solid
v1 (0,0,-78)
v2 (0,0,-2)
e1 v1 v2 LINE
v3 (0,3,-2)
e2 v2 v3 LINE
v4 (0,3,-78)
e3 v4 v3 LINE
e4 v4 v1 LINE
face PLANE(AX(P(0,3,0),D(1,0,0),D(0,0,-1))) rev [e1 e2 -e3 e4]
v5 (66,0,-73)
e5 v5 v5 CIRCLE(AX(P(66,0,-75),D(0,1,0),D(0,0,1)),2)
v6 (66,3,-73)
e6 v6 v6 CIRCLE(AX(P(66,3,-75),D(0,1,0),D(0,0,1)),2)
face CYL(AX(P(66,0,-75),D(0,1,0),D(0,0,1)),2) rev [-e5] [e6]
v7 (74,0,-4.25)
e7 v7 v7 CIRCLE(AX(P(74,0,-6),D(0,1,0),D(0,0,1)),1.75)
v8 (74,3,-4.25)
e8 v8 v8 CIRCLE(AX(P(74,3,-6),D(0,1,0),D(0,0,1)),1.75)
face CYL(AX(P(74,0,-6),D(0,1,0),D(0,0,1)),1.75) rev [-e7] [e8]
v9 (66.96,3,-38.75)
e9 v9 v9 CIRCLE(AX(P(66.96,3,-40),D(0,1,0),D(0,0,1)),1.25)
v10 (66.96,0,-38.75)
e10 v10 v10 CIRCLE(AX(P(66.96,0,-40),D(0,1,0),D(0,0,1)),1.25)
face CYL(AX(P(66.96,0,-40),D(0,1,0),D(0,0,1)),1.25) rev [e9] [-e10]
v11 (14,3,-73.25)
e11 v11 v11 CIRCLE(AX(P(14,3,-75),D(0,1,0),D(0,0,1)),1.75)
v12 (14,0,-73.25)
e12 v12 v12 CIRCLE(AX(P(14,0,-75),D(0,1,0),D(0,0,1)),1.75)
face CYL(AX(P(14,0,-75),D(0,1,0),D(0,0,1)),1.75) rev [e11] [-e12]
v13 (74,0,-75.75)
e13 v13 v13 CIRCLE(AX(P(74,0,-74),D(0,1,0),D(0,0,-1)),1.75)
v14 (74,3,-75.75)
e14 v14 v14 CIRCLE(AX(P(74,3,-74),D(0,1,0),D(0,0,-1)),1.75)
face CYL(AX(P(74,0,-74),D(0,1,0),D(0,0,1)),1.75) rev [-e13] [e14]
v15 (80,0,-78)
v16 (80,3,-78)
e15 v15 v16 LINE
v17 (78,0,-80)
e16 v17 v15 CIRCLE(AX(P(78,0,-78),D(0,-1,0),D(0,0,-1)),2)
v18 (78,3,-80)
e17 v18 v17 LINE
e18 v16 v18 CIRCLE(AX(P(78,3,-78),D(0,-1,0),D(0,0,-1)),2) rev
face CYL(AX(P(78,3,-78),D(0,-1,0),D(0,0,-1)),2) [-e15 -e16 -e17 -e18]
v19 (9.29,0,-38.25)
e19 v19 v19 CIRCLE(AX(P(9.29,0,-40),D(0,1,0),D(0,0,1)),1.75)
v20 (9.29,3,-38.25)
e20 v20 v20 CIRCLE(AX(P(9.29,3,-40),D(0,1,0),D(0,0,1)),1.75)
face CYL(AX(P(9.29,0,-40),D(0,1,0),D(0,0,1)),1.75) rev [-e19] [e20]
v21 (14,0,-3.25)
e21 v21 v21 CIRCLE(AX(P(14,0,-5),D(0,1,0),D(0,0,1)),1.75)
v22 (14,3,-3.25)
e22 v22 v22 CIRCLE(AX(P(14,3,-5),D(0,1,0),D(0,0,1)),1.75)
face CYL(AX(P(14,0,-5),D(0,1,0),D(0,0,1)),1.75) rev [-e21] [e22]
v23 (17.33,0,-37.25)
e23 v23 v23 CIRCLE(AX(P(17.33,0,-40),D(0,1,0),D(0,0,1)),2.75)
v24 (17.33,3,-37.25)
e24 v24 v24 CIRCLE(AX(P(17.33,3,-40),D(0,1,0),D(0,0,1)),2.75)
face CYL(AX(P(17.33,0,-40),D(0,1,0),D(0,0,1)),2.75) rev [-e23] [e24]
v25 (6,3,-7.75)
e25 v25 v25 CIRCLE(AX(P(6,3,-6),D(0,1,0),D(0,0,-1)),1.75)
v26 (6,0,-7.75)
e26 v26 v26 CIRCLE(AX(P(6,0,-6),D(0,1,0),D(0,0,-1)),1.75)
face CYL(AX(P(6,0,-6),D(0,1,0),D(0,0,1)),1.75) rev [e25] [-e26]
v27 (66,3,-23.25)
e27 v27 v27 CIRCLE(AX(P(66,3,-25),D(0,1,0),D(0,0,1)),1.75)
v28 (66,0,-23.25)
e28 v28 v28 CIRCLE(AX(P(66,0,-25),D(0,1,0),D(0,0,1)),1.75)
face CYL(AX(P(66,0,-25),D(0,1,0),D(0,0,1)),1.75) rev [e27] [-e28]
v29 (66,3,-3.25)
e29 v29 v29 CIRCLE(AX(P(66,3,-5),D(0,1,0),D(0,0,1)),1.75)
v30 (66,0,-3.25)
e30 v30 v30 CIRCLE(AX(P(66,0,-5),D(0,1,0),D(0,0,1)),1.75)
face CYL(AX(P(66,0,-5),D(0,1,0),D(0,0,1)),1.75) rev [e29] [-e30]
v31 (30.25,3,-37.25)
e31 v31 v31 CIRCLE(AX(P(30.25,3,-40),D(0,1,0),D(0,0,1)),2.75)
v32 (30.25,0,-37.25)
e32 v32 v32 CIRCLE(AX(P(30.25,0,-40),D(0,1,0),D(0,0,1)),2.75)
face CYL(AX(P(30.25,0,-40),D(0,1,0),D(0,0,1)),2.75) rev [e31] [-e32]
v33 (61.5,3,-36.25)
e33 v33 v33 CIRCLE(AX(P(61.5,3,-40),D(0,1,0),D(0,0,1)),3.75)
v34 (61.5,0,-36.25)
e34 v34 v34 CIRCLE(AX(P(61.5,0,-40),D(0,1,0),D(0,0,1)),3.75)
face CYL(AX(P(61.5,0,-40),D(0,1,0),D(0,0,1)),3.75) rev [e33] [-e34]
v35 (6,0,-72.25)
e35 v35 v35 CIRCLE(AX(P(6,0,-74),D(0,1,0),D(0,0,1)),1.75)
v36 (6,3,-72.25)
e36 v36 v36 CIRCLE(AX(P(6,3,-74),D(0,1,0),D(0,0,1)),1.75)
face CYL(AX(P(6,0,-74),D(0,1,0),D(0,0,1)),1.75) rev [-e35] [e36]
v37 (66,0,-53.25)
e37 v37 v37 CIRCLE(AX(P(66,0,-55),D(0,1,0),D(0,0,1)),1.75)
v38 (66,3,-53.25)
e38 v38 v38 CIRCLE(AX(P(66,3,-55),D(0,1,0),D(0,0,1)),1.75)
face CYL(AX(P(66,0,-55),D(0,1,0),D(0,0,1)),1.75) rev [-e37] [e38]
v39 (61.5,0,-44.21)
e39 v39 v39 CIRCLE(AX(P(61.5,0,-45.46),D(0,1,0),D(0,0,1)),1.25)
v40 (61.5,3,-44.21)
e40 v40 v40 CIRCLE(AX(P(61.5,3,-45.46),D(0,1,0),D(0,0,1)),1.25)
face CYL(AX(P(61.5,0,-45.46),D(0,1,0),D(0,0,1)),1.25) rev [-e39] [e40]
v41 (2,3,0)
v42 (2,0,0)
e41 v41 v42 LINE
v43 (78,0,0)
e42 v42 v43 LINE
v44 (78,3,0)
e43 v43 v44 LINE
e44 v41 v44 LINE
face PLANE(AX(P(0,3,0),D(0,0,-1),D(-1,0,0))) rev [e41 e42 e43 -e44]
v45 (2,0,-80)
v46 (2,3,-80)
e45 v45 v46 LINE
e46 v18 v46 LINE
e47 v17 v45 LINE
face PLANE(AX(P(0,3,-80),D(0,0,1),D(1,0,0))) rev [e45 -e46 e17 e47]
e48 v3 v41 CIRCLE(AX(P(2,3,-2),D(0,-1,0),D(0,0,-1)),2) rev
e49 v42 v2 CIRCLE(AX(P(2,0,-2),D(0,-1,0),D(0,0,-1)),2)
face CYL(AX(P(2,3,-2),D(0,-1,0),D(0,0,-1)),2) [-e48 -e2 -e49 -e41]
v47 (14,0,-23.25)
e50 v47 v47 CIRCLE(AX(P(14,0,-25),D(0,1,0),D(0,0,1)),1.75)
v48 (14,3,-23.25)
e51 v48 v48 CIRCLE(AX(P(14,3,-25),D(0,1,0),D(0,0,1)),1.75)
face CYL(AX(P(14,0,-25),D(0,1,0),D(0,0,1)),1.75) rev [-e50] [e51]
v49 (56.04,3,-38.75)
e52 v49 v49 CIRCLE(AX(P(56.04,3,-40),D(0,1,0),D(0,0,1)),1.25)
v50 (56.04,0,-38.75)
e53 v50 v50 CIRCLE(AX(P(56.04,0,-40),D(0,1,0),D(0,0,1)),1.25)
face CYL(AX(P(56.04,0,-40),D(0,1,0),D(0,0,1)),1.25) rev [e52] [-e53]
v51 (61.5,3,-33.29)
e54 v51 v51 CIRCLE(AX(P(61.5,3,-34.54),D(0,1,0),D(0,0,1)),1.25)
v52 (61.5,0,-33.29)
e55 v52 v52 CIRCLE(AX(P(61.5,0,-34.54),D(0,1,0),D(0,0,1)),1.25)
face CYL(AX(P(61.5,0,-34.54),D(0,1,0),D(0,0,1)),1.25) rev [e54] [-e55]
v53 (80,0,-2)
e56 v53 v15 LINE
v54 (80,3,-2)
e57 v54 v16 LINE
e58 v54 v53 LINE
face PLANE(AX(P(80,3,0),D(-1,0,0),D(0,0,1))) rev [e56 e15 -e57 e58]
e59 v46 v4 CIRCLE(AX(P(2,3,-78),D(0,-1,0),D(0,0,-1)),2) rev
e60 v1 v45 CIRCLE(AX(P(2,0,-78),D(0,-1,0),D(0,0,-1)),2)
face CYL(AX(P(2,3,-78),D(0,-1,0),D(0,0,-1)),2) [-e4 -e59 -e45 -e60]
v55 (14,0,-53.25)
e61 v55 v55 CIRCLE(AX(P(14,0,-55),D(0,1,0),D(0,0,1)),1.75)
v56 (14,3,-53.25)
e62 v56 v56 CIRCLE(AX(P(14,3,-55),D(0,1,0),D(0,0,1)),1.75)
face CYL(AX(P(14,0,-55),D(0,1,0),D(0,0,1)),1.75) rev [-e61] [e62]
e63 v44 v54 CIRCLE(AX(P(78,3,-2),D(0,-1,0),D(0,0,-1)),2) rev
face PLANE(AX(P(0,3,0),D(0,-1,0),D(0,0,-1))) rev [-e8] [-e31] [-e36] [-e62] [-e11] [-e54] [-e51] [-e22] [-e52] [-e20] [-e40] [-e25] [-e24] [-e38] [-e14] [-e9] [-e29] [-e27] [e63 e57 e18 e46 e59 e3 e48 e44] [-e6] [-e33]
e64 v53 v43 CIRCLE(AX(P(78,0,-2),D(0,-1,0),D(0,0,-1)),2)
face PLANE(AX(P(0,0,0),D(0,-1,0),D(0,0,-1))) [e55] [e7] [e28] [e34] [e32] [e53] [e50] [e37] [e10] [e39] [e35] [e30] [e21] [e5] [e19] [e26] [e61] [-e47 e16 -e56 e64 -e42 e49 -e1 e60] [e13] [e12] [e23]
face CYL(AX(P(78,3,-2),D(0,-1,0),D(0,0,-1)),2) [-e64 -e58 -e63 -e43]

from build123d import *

# Parameters (mm, degrees)
SKETCH1_W           = 80
SKETCH1_H           = 80
BOSS_EXTRUDE1_DEPTH = 3
SKETCH2_R           = 1.75
SKETCH2_R_2         = 2.75
CUT_EXTRUDE1_DEPTH  = 4
SKETCH3_R           = 3.75
CUT_EXTRUDE2_DEPTH  = 4
SKETCH4_R           = 1.25
CUT_EXTRUDE3_DEPTH  = 4
SKETCH5_R           = 2.75
CUT_EXTRUDE4_DEPTH  = 4
SKETCH6_R           = 1.75
CUT_EXTRUDE5_DEPTH  = 4
FILLET1_R           = 2
SKETCH7_R           = 1.75
SKETCH7_R_2         = 2
CUT_EXTRUDE6_DEPTH  = 4


with BuildPart() as part:
    # Sketch1 → Boss-Extrude1 (new body)
    with BuildSketch(Plane(origin=(0, 0, 0), x_dir=(1, 0, 0), z_dir=(0, 1, 0))):
        with Locations((40, 40)):
            Rectangle(SKETCH1_W, SKETCH1_H)
    extrude(amount=BOSS_EXTRUDE1_DEPTH)

    # Sketch2 → Cut-Extrude1 (cut, through all)
    with BuildSketch(Plane(origin=(0, 3, 0), x_dir=(1, 0, 0), z_dir=(0, 1, 0))):
        with Locations((9.29, 40)):
            Circle(SKETCH2_R)
        with Locations((17.33, 40)):
            Circle(SKETCH2_R_2)
    extrude(amount=-CUT_EXTRUDE1_DEPTH, mode=Mode.SUBTRACT)

    # Sketch3 → Cut-Extrude2 (cut, through all)
    with BuildSketch(Plane(origin=(0, 3, 0), x_dir=(1, 0, 0), z_dir=(0, 1, 0))):
        with Locations((61.5, 40)):
            Circle(SKETCH3_R)
    extrude(amount=-CUT_EXTRUDE2_DEPTH, mode=Mode.SUBTRACT)

    # Sketch4 → Cut-Extrude3 (cut, through all)
    with BuildSketch(Plane(origin=(0, 3, 0), x_dir=(1, 0, 0), z_dir=(0, 1, 0))):
        with Locations((66.96, 40)):
            Circle(SKETCH4_R)
        with Locations((56.04, 40)):
            Circle(SKETCH4_R)
        with Locations((61.5, 34.54)):
            Circle(SKETCH4_R)
        with Locations((61.5, 45.46)):
            Circle(SKETCH4_R)
    extrude(amount=-CUT_EXTRUDE3_DEPTH, mode=Mode.SUBTRACT)

    # Sketch5 → Cut-Extrude4 (cut, through all)
    with BuildSketch(Plane(origin=(0, 3, 0), x_dir=(1, 0, 0), z_dir=(0, 1, 0))):
        with Locations((30.25, 40)):
            Circle(SKETCH5_R)
    extrude(amount=-CUT_EXTRUDE4_DEPTH, mode=Mode.SUBTRACT)

    # Sketch6 → Cut-Extrude5 (cut, through all)
    with BuildSketch(Plane(origin=(0, 3, 0), x_dir=(1, 0, 0), z_dir=(0, 1, 0))):
        with Locations((6, 74)):
            Circle(SKETCH6_R)
        with Locations((74, 74)):
            Circle(SKETCH6_R)
        with Locations((74, 6)):
            Circle(SKETCH6_R)
        with Locations((6, 6)):
            Circle(SKETCH6_R)
    extrude(amount=-CUT_EXTRUDE5_DEPTH, mode=Mode.SUBTRACT)

    # Fillet1
    fillet1_edges = [part.edges().sort_by_distance(p)[0] for p in [
        (0, 1.5, -80),
        (80, 1.5, -80),
        (80, 1.5, 0),
        (0, 1.5, 0),
    ]]
    fillet(fillet1_edges, radius=FILLET1_R)

    # Sketch7 → Cut-Extrude6 (cut, through all)
    with BuildSketch(Plane(origin=(0, 3, 0), x_dir=(1, 0, 0), z_dir=(0, 1, 0))):
        with Locations((14, 5)):
            Circle(SKETCH7_R)
        with Locations((66, 5)):
            Circle(SKETCH7_R)
        with Locations((66, 25)):
            Circle(SKETCH7_R)
        with Locations((14, 25)):
            Circle(SKETCH7_R)
        with Locations((14, 75)):
            Circle(SKETCH7_R)
        with Locations((14, 55)):
            Circle(SKETCH7_R)
        with Locations((66, 75)):
            Circle(SKETCH7_R_2)
        with Locations((66, 55)):
            Circle(SKETCH7_R)
    extrude(amount=-CUT_EXTRUDE6_DEPTH, mode=Mode.SUBTRACT)


solid = part.part
